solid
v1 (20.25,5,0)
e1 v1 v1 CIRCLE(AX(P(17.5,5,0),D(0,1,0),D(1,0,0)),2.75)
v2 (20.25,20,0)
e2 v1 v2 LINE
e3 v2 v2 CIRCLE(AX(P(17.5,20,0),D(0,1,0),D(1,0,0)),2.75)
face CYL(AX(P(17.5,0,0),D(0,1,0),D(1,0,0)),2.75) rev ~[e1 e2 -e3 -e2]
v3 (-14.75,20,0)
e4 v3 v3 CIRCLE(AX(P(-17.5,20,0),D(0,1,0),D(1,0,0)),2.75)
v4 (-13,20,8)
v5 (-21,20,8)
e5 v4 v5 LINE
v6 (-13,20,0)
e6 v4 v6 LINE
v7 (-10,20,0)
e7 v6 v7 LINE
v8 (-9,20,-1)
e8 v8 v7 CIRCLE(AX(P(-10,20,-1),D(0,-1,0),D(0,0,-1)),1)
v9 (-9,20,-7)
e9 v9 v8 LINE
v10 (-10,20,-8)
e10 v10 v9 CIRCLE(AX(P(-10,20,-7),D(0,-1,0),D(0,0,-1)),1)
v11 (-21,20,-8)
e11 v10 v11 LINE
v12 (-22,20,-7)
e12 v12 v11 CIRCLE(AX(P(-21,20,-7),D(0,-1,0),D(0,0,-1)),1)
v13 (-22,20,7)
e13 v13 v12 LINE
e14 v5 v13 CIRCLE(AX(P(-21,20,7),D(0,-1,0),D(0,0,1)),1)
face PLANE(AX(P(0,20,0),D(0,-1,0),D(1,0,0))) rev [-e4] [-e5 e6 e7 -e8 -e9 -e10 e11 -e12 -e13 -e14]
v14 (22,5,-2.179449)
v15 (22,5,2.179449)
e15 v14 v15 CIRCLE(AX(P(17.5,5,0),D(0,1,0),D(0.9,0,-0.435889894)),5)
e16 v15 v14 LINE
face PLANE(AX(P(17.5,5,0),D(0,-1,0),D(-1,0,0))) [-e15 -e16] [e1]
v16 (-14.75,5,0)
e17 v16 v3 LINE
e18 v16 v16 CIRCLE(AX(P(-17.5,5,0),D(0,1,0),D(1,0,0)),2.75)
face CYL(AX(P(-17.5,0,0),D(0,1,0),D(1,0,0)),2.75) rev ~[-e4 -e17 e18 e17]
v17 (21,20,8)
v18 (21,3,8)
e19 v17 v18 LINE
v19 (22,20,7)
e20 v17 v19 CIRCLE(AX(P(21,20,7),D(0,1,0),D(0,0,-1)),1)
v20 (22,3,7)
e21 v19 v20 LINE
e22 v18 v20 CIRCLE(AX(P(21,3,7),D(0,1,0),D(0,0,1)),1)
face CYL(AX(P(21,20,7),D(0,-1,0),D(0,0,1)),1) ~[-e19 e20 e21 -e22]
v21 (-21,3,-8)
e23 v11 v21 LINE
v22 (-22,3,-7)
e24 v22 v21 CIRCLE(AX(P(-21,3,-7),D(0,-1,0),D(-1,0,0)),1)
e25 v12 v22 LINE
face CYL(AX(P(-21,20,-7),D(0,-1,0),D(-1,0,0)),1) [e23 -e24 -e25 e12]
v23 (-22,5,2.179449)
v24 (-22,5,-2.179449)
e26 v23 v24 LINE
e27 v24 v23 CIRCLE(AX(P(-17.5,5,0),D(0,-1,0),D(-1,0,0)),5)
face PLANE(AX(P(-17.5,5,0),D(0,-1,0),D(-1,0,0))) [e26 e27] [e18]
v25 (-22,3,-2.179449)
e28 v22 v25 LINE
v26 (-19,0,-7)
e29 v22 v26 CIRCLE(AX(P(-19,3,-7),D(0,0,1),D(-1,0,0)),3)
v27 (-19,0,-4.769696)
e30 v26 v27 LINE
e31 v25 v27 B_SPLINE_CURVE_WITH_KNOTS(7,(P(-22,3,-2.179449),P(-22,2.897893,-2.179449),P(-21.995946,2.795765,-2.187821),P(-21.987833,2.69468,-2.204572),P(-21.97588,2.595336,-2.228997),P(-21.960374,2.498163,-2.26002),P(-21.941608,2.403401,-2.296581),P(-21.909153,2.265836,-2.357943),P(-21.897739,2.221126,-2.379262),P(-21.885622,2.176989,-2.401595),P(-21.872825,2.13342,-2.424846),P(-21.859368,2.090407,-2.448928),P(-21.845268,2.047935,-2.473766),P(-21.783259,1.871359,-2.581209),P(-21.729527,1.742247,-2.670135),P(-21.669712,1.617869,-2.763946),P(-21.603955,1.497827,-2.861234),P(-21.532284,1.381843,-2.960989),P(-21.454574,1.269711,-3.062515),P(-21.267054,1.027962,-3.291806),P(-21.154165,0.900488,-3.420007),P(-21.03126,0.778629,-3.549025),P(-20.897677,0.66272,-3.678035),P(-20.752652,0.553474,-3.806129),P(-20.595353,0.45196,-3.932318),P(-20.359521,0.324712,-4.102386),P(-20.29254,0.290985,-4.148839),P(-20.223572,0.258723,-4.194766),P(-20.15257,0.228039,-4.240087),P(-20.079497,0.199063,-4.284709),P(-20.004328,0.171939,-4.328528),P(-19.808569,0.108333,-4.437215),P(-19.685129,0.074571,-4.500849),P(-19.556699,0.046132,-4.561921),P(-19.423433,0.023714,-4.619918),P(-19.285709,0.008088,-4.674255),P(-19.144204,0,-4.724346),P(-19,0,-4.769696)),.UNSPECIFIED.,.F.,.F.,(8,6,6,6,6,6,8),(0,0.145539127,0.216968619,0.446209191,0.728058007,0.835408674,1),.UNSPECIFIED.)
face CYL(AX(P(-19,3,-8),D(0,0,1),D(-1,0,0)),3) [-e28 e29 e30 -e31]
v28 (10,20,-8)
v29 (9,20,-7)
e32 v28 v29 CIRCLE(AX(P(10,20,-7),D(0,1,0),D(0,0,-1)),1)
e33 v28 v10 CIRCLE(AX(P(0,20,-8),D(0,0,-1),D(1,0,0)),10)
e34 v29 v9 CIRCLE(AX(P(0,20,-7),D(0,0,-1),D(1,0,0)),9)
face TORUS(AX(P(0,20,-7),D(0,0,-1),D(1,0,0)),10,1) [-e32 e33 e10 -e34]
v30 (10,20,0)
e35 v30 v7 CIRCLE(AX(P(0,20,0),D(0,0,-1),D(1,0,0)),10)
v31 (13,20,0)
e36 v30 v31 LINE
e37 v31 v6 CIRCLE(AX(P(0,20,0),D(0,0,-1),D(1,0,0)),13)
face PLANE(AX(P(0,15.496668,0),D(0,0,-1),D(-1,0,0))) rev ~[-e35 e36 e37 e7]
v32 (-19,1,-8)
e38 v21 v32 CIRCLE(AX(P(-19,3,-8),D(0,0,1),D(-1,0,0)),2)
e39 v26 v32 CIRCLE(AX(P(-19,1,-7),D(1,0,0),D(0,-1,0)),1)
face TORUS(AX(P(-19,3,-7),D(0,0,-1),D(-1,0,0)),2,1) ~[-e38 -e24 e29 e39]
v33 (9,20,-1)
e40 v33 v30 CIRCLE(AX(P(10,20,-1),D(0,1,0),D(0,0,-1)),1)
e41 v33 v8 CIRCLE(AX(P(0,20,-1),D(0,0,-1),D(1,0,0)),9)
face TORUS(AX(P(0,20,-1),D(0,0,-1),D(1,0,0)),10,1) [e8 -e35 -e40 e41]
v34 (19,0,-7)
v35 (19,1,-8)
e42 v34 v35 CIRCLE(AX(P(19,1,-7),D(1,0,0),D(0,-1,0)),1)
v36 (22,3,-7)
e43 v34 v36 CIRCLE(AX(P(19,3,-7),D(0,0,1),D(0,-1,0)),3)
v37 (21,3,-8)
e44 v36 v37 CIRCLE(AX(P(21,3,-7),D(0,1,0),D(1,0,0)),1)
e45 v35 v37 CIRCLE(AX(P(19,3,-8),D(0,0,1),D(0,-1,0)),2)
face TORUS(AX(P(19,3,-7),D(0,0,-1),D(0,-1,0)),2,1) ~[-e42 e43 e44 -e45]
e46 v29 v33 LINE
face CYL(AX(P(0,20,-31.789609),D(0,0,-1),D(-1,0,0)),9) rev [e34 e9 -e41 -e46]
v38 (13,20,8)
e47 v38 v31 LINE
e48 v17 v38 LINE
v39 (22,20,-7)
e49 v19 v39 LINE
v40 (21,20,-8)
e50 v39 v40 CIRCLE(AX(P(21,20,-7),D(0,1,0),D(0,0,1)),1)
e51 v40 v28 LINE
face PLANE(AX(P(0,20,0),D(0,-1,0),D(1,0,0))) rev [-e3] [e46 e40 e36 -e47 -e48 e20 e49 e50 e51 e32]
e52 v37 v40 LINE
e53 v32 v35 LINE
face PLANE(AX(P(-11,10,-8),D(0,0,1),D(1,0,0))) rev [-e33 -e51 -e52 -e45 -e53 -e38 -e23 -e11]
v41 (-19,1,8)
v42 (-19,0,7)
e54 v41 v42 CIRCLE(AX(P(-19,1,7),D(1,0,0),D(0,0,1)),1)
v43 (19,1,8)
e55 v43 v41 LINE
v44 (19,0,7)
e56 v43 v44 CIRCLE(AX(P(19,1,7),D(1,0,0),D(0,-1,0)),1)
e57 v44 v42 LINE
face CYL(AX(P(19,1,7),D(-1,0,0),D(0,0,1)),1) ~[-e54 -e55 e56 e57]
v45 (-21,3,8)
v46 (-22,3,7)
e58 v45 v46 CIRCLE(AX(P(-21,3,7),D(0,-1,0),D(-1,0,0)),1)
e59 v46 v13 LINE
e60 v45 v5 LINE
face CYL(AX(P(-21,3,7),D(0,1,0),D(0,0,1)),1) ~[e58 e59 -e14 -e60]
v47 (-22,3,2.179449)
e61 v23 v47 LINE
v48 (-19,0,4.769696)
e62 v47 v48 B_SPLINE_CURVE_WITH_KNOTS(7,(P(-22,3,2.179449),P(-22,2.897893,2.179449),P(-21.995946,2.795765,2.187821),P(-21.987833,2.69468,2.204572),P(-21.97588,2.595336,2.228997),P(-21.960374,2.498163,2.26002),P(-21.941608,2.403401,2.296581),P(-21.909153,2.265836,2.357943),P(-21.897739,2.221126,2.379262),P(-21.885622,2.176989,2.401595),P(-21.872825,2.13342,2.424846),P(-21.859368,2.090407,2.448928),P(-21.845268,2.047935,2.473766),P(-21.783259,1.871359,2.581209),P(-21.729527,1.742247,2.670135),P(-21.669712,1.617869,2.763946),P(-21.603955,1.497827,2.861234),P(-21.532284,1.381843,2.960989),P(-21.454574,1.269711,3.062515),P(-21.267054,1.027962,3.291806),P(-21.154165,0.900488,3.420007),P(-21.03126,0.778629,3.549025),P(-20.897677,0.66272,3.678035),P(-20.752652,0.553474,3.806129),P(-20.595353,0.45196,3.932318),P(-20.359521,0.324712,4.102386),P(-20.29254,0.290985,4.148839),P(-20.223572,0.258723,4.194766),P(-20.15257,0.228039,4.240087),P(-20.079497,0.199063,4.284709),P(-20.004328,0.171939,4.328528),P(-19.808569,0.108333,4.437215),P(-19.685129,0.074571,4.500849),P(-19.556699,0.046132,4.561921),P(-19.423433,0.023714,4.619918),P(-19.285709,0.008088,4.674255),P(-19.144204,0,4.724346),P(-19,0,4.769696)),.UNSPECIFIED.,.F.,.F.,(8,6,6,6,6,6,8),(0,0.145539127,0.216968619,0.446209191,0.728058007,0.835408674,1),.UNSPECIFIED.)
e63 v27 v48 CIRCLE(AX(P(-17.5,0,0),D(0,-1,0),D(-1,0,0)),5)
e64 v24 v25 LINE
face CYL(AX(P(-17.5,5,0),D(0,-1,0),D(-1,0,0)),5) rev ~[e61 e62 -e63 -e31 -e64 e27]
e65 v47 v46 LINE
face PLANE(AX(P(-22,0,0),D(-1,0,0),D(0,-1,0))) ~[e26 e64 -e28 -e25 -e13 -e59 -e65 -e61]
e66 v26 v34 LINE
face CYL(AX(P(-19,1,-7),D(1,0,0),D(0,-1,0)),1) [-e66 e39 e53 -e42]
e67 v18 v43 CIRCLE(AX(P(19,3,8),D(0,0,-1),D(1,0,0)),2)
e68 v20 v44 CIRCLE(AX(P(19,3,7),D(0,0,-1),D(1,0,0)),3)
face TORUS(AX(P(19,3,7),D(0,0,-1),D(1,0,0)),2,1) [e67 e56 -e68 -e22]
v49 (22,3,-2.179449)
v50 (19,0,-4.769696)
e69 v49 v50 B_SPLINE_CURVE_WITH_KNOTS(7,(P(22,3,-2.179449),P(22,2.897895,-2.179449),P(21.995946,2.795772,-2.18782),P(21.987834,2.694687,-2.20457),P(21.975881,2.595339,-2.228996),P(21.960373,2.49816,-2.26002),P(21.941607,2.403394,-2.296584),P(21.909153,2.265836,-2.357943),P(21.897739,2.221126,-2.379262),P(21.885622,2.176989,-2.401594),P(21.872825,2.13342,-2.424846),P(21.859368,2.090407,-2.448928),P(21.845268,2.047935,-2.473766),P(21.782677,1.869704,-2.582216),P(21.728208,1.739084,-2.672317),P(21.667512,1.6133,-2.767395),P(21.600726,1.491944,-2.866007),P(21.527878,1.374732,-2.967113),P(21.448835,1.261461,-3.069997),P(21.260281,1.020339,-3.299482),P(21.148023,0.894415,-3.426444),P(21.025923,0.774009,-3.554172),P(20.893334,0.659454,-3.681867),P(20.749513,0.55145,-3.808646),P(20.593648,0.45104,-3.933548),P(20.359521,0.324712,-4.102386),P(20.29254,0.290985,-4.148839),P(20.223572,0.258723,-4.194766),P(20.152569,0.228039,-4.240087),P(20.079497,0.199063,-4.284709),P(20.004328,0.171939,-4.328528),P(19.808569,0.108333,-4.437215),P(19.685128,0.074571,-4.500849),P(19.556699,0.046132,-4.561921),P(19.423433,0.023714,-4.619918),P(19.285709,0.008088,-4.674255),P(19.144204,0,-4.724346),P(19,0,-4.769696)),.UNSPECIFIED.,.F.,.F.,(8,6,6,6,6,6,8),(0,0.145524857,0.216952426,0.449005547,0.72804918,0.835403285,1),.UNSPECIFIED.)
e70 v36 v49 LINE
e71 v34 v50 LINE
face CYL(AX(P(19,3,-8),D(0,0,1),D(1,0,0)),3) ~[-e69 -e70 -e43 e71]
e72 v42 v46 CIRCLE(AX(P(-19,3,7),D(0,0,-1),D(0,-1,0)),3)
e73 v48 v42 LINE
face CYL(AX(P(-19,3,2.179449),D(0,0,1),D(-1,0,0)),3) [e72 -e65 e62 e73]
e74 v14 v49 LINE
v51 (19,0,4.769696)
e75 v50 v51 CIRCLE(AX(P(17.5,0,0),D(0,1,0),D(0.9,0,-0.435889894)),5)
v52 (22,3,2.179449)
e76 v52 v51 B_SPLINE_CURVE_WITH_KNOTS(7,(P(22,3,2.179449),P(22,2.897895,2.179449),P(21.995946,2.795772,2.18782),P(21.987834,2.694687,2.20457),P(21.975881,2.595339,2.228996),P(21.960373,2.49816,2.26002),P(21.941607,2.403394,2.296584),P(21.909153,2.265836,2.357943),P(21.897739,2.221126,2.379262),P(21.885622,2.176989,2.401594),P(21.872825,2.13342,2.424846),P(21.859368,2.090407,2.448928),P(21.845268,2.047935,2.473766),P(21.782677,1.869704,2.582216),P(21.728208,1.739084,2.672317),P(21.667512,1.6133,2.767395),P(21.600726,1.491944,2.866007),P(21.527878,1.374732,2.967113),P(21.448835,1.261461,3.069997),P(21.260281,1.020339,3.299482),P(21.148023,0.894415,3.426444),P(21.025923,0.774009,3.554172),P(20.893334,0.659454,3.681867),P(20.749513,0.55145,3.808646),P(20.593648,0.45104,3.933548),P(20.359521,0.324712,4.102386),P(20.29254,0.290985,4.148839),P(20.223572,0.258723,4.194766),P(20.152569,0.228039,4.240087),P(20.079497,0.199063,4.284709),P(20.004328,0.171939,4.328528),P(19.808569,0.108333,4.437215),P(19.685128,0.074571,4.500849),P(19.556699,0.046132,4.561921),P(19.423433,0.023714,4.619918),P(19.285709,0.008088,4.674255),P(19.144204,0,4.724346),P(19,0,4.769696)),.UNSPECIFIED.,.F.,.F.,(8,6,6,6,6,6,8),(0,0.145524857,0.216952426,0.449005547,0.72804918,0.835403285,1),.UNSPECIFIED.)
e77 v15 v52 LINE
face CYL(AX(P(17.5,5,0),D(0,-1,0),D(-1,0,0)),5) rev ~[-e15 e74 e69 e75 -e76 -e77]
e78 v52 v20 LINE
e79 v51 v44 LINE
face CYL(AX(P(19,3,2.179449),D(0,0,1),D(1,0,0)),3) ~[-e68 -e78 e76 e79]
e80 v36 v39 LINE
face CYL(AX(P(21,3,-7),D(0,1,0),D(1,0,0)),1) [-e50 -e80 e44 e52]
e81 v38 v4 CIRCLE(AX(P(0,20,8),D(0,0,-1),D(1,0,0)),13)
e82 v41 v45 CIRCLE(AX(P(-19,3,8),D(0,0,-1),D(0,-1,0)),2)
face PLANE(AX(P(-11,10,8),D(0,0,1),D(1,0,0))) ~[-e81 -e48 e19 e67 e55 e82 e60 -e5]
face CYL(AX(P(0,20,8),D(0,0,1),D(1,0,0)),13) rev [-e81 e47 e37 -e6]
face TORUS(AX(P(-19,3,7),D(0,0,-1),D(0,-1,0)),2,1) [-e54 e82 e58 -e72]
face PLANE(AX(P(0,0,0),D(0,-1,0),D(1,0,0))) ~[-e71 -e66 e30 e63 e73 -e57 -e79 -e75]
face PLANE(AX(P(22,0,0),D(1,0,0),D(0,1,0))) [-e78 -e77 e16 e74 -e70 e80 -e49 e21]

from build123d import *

# Parameters (mm, degrees)
SZKIC1_W                                          = 22
SZKIC1_H                                          = 20
DODANIE_WYCI_GNI_CIE1_DEPTH                       = 8
WYTNIJ_WYCI_GNI_CIE1_DEPTH                        = 8
WYTNIJ_WYCI_GNI_CIE2_DEPTH                        = 31.789608637
WYTNIJ_WYCI_GNI_CIE2_DEPTH_BACK                   = 31.789608637
POG_BIENIE_WALCOWE_POD_M5_RUB_Z_BEM_W_D           = 5.5
POG_BIENIE_WALCOWE_POD_M5_RUB_Z_BEM_W_CBORE_D     = 10
POG_BIENIE_WALCOWE_POD_M5_RUB_Z_BEM_W_CBORE_DEPTH = 5
ZAOKR_GLENIE1_R                                   = 3
ZAOKR_GLENIE2_R                                   = 1


with BuildPart() as part:
    # Szkic1 → Dodanie-wyciągnięcie1 (new, symmetric)
    with BuildSketch(Plane.XY):
        with Locations((11, 10)):
            Rectangle(SZKIC1_W, SZKIC1_H)
    dodanie_wyci_gni_cie1 = extrude(amount=DODANIE_WYCI_GNI_CIE1_DEPTH, both=True)

    # Lustro1: Dodanie-wyciągnięcie1 across plane
    add(dodanie_wyci_gni_cie1.mirror(Plane(origin=(0, 20, 8), x_dir=(0, 0, 1), z_dir=(1, 0, 0))))

    # Szkic2 → Wytnij-wyciągnięcie1 (cut)
    with BuildSketch(Plane.XY.offset(8)):
        with BuildLine():
            Line((-13, 20), (13, 20))
            ThreePointArc((13, 20), (0, 7), (-13, 20))
        make_face()
    extrude(amount=-WYTNIJ_WYCI_GNI_CIE1_DEPTH, mode=Mode.SUBTRACT)

    # Szkic3 → Wytnij-wyciągnięcie2 (cut, two sides: drawn at the far end of the back side and taken through both)
    with BuildSketch(Plane.XY.offset(-WYTNIJ_WYCI_GNI_CIE2_DEPTH_BACK)):
        with BuildLine():
            ThreePointArc((-9, 20), (0, 11), (9, 20))
            Line((9, 20), (-9, 20))
        make_face()
    extrude(amount=WYTNIJ_WYCI_GNI_CIE2_DEPTH + WYTNIJ_WYCI_GNI_CIE2_DEPTH_BACK, mode=Mode.SUBTRACT)

    # Pogłębienie walcowe pod M5 Śrubę z łbem walcowym z gniazdem1 (through all)
    with Locations(Plane(origin=(0, 0, 0), x_dir=(-1, 0, 0), z_dir=(0, -1, 0))):
        with Locations((-17.5, 0), (17.5, 0)):
            CounterBoreHole(POG_BIENIE_WALCOWE_POD_M5_RUB_Z_BEM_W_D / 2, POG_BIENIE_WALCOWE_POD_M5_RUB_Z_BEM_W_CBORE_D / 2, POG_BIENIE_WALCOWE_POD_M5_RUB_Z_BEM_W_CBORE_DEPTH)

    # Zaokrąglenie1
    zaokr_glenie1_edges = [part.edges().sort_by_distance(p)[0] for p in [
        (-22, 0, 5.089724736),
        (-22, 0, -5.089724736),
        (22, 0, -5.089724736),
        (22, 0, 5.089724736),
    ]]
    fillet(zaokr_glenie1_edges, radius=ZAOKR_GLENIE1_R)

    # Zaokrąglenie2
    zaokr_glenie2_edges = [part.edges().sort_by_distance(p)[0] for p in [
        (-22, 11.5, 8),
        (-21.121320344, 0.878679656, 8),
        (0, 0, 8),
        (21.121320344, 0.878679656, 8),
        (0, 0, -8),
        (0, 11, -8),
        (22, 11.5, 8),
        (0, 11, 0),
        (22, 11.5, -8),
        (-21.121320344, 0.878679656, -8),
        (21.121320344, 0.878679656, -8),
    ]]
    fillet(zaokr_glenie2_edges, radius=ZAOKR_GLENIE2_R)


solid = part.part
